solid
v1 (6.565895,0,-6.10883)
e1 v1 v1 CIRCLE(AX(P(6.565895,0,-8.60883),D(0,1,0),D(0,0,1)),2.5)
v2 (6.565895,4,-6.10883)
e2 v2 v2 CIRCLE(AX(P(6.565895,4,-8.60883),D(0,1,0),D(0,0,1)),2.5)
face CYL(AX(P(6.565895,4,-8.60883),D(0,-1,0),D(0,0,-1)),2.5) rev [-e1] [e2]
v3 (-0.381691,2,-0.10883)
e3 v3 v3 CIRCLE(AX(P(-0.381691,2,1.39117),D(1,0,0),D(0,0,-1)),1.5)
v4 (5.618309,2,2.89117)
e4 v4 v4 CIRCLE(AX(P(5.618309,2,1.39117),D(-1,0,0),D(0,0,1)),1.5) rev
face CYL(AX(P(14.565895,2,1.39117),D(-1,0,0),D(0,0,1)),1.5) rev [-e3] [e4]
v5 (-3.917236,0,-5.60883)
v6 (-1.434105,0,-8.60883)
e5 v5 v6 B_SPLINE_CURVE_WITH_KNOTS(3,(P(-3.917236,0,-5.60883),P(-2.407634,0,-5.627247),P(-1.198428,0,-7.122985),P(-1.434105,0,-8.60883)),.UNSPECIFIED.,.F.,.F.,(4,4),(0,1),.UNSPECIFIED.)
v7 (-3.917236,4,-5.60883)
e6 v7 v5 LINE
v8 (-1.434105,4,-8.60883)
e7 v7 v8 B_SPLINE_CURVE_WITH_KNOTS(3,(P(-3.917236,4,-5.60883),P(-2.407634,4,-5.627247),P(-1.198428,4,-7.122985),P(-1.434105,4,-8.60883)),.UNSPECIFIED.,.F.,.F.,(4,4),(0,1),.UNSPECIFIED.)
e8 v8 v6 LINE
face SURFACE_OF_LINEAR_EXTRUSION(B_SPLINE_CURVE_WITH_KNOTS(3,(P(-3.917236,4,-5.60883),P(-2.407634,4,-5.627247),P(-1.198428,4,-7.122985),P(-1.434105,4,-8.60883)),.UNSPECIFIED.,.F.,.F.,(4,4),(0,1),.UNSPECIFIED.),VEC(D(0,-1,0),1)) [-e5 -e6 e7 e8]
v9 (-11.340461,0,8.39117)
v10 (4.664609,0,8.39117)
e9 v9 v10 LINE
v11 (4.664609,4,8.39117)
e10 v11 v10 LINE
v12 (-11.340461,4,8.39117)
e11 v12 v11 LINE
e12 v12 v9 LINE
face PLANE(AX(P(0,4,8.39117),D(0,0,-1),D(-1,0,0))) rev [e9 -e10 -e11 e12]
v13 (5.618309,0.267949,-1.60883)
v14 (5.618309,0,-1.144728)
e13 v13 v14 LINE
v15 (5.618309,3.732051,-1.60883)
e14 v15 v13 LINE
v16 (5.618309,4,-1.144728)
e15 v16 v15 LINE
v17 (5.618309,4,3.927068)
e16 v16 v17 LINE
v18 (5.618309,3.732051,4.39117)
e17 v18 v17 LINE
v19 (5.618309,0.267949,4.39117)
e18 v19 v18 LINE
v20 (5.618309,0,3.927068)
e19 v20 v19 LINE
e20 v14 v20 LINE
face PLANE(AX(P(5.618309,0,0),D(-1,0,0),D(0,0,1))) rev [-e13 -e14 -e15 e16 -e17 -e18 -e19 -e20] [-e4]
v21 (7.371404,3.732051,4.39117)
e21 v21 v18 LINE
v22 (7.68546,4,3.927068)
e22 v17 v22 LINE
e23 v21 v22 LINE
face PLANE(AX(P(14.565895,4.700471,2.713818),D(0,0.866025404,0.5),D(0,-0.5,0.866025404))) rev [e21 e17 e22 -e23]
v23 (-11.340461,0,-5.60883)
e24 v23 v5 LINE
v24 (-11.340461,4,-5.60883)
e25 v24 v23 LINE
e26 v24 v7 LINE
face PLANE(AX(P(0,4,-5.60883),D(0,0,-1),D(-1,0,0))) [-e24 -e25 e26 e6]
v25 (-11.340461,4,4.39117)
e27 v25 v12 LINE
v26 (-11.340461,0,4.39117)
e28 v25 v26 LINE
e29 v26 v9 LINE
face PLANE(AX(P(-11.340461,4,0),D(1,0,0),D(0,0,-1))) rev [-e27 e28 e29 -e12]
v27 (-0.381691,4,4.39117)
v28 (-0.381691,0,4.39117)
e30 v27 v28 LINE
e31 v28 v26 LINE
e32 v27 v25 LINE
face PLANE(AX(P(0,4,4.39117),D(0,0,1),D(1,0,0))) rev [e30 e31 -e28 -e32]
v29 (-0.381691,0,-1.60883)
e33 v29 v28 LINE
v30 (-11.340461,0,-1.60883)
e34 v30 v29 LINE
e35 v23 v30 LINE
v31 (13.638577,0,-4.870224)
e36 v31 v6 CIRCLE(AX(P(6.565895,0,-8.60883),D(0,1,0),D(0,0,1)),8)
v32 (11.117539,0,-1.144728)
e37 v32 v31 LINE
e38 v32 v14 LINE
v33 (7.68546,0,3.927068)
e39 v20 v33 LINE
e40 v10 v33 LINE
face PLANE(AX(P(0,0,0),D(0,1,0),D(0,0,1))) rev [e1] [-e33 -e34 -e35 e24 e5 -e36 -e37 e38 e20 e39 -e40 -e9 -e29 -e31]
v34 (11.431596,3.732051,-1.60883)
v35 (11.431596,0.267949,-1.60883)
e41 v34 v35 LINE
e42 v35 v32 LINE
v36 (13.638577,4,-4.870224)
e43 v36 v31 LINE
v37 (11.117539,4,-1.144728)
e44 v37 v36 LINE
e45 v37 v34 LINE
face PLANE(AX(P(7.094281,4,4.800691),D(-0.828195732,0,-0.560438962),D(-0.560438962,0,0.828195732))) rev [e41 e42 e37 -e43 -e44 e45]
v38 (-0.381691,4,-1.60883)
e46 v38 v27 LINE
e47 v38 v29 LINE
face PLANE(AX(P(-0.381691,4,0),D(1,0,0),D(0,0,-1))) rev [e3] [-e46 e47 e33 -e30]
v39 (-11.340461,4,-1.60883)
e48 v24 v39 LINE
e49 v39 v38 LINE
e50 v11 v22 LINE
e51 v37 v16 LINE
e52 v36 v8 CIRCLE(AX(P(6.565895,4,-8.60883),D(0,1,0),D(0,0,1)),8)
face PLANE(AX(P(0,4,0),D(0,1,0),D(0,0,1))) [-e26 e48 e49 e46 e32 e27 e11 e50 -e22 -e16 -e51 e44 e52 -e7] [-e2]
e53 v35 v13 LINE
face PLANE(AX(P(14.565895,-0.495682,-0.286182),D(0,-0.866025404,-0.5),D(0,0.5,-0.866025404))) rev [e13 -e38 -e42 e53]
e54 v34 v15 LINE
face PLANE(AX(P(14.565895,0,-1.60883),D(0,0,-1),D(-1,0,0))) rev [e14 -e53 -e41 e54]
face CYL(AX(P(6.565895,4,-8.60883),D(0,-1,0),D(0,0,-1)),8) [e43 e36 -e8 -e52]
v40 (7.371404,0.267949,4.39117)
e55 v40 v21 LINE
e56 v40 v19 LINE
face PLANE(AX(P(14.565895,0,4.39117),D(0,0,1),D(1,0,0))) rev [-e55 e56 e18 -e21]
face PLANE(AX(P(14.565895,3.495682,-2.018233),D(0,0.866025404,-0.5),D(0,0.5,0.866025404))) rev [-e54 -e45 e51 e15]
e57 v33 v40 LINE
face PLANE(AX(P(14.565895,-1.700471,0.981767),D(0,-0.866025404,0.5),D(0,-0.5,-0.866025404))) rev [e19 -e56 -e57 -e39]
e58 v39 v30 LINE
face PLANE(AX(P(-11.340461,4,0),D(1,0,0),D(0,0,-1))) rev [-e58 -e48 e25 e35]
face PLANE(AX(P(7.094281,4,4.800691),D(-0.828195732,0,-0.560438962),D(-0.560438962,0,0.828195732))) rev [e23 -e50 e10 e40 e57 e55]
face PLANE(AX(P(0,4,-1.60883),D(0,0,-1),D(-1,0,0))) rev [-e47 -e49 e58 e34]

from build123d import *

# Parameters (mm, degrees)
SKETCH1_R               = 2.5
BOSS_EXTRUDE1_DEPTH     = 4
CUT_EXTRUDE1_DEPTH      = 23.69985803
CUT_EXTRUDE1_DEPTH_BACK = 23.69985803
SKETCH2_R               = 1.5
CUT_EXTRUDE2_START      = -6
SKETCH2_3_R             = 1.5
CUT_EXTRUDE2_DEPTH      = 17.69985803


with BuildPart() as part:
    # Sketch1 → Boss-Extrude1 (new body)
    with BuildSketch(Plane(origin=(0, 0, 0), x_dir=(1, 0, 0), z_dir=(0, 1, 0))):
        with BuildLine():
            Line((-3.917235504, 5.608829899), (-11.340461202, 5.608829899))
            Line((-11.340461202, 5.608829899), (-11.340461202, 1.608829899))
            Line((-11.340461202, 1.608829899), (-0.381690636, 1.608829899))
            Line((-0.381690636, 1.608829899), (-0.381690636, -4.391170101))
            Line((-0.381690636, -4.391170101), (-11.340461202, -4.391170101))
            Line((-11.340461202, -4.391170101), (-11.340461202, -8.391170101))
            Line((-11.340461202, -8.391170101), (4.664608782, -8.391170101))
            Line((4.664608782, -8.391170101), (13.638576545, 4.87022374))
            ThreePointArc((13.638576545, 4.87022374), (8.491842548, 16.373540203), (-1.434104983, 8.608829899))
            add(Edge.make_bspline(
                [(-1.434104983, 8.608829899), (-1.198427894, 7.122985203), (-2.407634222, 5.627246583), (-3.917235504, 5.608829899)],
                knots=[0.869474373, 0.869474373, 0.869474373, 0.869474373, 1.869474373, 1.869474373, 1.869474373, 1.869474373], degree=3))
        make_face()
        with Locations(Location((6.565895017, 8.608829899, 0), (0, 0, 270))):
            Circle(SKETCH1_R, mode=Mode.SUBTRACT)
    extrude(amount=BOSS_EXTRUDE1_DEPTH)

    # Sketch2 → Cut-Extrude1 (cut, two sides: drawn at the far end of the back side and taken through both)
    with BuildSketch(Plane.ZY.offset(0.381690636).offset(-CUT_EXTRUDE1_DEPTH_BACK)):
        with Locations((1.391170101, 2)):
            Circle(SKETCH2_R)
    extrude(amount=CUT_EXTRUDE1_DEPTH + CUT_EXTRUDE1_DEPTH_BACK, mode=Mode.SUBTRACT)

    # Sketch2<3> → Cut-Extrude2 (cut, through all)
    with BuildSketch(Plane.ZY.offset(0.381690636).offset(CUT_EXTRUDE2_START)):
        Polygon((-1.608829899, 3.732050808), (-1.608829899, 0.267949192), (1.391170101, -1.464101615), (4.391170101, 0.267949192), (4.391170101, 3.732050808), (1.391170101, 5.464101615), align=None)
        with Locations((1.391170101, 2)):
            Circle(SKETCH2_3_R, mode=Mode.SUBTRACT)
    extrude(amount=-CUT_EXTRUDE2_DEPTH, mode=Mode.SUBTRACT)


solid = part.part
